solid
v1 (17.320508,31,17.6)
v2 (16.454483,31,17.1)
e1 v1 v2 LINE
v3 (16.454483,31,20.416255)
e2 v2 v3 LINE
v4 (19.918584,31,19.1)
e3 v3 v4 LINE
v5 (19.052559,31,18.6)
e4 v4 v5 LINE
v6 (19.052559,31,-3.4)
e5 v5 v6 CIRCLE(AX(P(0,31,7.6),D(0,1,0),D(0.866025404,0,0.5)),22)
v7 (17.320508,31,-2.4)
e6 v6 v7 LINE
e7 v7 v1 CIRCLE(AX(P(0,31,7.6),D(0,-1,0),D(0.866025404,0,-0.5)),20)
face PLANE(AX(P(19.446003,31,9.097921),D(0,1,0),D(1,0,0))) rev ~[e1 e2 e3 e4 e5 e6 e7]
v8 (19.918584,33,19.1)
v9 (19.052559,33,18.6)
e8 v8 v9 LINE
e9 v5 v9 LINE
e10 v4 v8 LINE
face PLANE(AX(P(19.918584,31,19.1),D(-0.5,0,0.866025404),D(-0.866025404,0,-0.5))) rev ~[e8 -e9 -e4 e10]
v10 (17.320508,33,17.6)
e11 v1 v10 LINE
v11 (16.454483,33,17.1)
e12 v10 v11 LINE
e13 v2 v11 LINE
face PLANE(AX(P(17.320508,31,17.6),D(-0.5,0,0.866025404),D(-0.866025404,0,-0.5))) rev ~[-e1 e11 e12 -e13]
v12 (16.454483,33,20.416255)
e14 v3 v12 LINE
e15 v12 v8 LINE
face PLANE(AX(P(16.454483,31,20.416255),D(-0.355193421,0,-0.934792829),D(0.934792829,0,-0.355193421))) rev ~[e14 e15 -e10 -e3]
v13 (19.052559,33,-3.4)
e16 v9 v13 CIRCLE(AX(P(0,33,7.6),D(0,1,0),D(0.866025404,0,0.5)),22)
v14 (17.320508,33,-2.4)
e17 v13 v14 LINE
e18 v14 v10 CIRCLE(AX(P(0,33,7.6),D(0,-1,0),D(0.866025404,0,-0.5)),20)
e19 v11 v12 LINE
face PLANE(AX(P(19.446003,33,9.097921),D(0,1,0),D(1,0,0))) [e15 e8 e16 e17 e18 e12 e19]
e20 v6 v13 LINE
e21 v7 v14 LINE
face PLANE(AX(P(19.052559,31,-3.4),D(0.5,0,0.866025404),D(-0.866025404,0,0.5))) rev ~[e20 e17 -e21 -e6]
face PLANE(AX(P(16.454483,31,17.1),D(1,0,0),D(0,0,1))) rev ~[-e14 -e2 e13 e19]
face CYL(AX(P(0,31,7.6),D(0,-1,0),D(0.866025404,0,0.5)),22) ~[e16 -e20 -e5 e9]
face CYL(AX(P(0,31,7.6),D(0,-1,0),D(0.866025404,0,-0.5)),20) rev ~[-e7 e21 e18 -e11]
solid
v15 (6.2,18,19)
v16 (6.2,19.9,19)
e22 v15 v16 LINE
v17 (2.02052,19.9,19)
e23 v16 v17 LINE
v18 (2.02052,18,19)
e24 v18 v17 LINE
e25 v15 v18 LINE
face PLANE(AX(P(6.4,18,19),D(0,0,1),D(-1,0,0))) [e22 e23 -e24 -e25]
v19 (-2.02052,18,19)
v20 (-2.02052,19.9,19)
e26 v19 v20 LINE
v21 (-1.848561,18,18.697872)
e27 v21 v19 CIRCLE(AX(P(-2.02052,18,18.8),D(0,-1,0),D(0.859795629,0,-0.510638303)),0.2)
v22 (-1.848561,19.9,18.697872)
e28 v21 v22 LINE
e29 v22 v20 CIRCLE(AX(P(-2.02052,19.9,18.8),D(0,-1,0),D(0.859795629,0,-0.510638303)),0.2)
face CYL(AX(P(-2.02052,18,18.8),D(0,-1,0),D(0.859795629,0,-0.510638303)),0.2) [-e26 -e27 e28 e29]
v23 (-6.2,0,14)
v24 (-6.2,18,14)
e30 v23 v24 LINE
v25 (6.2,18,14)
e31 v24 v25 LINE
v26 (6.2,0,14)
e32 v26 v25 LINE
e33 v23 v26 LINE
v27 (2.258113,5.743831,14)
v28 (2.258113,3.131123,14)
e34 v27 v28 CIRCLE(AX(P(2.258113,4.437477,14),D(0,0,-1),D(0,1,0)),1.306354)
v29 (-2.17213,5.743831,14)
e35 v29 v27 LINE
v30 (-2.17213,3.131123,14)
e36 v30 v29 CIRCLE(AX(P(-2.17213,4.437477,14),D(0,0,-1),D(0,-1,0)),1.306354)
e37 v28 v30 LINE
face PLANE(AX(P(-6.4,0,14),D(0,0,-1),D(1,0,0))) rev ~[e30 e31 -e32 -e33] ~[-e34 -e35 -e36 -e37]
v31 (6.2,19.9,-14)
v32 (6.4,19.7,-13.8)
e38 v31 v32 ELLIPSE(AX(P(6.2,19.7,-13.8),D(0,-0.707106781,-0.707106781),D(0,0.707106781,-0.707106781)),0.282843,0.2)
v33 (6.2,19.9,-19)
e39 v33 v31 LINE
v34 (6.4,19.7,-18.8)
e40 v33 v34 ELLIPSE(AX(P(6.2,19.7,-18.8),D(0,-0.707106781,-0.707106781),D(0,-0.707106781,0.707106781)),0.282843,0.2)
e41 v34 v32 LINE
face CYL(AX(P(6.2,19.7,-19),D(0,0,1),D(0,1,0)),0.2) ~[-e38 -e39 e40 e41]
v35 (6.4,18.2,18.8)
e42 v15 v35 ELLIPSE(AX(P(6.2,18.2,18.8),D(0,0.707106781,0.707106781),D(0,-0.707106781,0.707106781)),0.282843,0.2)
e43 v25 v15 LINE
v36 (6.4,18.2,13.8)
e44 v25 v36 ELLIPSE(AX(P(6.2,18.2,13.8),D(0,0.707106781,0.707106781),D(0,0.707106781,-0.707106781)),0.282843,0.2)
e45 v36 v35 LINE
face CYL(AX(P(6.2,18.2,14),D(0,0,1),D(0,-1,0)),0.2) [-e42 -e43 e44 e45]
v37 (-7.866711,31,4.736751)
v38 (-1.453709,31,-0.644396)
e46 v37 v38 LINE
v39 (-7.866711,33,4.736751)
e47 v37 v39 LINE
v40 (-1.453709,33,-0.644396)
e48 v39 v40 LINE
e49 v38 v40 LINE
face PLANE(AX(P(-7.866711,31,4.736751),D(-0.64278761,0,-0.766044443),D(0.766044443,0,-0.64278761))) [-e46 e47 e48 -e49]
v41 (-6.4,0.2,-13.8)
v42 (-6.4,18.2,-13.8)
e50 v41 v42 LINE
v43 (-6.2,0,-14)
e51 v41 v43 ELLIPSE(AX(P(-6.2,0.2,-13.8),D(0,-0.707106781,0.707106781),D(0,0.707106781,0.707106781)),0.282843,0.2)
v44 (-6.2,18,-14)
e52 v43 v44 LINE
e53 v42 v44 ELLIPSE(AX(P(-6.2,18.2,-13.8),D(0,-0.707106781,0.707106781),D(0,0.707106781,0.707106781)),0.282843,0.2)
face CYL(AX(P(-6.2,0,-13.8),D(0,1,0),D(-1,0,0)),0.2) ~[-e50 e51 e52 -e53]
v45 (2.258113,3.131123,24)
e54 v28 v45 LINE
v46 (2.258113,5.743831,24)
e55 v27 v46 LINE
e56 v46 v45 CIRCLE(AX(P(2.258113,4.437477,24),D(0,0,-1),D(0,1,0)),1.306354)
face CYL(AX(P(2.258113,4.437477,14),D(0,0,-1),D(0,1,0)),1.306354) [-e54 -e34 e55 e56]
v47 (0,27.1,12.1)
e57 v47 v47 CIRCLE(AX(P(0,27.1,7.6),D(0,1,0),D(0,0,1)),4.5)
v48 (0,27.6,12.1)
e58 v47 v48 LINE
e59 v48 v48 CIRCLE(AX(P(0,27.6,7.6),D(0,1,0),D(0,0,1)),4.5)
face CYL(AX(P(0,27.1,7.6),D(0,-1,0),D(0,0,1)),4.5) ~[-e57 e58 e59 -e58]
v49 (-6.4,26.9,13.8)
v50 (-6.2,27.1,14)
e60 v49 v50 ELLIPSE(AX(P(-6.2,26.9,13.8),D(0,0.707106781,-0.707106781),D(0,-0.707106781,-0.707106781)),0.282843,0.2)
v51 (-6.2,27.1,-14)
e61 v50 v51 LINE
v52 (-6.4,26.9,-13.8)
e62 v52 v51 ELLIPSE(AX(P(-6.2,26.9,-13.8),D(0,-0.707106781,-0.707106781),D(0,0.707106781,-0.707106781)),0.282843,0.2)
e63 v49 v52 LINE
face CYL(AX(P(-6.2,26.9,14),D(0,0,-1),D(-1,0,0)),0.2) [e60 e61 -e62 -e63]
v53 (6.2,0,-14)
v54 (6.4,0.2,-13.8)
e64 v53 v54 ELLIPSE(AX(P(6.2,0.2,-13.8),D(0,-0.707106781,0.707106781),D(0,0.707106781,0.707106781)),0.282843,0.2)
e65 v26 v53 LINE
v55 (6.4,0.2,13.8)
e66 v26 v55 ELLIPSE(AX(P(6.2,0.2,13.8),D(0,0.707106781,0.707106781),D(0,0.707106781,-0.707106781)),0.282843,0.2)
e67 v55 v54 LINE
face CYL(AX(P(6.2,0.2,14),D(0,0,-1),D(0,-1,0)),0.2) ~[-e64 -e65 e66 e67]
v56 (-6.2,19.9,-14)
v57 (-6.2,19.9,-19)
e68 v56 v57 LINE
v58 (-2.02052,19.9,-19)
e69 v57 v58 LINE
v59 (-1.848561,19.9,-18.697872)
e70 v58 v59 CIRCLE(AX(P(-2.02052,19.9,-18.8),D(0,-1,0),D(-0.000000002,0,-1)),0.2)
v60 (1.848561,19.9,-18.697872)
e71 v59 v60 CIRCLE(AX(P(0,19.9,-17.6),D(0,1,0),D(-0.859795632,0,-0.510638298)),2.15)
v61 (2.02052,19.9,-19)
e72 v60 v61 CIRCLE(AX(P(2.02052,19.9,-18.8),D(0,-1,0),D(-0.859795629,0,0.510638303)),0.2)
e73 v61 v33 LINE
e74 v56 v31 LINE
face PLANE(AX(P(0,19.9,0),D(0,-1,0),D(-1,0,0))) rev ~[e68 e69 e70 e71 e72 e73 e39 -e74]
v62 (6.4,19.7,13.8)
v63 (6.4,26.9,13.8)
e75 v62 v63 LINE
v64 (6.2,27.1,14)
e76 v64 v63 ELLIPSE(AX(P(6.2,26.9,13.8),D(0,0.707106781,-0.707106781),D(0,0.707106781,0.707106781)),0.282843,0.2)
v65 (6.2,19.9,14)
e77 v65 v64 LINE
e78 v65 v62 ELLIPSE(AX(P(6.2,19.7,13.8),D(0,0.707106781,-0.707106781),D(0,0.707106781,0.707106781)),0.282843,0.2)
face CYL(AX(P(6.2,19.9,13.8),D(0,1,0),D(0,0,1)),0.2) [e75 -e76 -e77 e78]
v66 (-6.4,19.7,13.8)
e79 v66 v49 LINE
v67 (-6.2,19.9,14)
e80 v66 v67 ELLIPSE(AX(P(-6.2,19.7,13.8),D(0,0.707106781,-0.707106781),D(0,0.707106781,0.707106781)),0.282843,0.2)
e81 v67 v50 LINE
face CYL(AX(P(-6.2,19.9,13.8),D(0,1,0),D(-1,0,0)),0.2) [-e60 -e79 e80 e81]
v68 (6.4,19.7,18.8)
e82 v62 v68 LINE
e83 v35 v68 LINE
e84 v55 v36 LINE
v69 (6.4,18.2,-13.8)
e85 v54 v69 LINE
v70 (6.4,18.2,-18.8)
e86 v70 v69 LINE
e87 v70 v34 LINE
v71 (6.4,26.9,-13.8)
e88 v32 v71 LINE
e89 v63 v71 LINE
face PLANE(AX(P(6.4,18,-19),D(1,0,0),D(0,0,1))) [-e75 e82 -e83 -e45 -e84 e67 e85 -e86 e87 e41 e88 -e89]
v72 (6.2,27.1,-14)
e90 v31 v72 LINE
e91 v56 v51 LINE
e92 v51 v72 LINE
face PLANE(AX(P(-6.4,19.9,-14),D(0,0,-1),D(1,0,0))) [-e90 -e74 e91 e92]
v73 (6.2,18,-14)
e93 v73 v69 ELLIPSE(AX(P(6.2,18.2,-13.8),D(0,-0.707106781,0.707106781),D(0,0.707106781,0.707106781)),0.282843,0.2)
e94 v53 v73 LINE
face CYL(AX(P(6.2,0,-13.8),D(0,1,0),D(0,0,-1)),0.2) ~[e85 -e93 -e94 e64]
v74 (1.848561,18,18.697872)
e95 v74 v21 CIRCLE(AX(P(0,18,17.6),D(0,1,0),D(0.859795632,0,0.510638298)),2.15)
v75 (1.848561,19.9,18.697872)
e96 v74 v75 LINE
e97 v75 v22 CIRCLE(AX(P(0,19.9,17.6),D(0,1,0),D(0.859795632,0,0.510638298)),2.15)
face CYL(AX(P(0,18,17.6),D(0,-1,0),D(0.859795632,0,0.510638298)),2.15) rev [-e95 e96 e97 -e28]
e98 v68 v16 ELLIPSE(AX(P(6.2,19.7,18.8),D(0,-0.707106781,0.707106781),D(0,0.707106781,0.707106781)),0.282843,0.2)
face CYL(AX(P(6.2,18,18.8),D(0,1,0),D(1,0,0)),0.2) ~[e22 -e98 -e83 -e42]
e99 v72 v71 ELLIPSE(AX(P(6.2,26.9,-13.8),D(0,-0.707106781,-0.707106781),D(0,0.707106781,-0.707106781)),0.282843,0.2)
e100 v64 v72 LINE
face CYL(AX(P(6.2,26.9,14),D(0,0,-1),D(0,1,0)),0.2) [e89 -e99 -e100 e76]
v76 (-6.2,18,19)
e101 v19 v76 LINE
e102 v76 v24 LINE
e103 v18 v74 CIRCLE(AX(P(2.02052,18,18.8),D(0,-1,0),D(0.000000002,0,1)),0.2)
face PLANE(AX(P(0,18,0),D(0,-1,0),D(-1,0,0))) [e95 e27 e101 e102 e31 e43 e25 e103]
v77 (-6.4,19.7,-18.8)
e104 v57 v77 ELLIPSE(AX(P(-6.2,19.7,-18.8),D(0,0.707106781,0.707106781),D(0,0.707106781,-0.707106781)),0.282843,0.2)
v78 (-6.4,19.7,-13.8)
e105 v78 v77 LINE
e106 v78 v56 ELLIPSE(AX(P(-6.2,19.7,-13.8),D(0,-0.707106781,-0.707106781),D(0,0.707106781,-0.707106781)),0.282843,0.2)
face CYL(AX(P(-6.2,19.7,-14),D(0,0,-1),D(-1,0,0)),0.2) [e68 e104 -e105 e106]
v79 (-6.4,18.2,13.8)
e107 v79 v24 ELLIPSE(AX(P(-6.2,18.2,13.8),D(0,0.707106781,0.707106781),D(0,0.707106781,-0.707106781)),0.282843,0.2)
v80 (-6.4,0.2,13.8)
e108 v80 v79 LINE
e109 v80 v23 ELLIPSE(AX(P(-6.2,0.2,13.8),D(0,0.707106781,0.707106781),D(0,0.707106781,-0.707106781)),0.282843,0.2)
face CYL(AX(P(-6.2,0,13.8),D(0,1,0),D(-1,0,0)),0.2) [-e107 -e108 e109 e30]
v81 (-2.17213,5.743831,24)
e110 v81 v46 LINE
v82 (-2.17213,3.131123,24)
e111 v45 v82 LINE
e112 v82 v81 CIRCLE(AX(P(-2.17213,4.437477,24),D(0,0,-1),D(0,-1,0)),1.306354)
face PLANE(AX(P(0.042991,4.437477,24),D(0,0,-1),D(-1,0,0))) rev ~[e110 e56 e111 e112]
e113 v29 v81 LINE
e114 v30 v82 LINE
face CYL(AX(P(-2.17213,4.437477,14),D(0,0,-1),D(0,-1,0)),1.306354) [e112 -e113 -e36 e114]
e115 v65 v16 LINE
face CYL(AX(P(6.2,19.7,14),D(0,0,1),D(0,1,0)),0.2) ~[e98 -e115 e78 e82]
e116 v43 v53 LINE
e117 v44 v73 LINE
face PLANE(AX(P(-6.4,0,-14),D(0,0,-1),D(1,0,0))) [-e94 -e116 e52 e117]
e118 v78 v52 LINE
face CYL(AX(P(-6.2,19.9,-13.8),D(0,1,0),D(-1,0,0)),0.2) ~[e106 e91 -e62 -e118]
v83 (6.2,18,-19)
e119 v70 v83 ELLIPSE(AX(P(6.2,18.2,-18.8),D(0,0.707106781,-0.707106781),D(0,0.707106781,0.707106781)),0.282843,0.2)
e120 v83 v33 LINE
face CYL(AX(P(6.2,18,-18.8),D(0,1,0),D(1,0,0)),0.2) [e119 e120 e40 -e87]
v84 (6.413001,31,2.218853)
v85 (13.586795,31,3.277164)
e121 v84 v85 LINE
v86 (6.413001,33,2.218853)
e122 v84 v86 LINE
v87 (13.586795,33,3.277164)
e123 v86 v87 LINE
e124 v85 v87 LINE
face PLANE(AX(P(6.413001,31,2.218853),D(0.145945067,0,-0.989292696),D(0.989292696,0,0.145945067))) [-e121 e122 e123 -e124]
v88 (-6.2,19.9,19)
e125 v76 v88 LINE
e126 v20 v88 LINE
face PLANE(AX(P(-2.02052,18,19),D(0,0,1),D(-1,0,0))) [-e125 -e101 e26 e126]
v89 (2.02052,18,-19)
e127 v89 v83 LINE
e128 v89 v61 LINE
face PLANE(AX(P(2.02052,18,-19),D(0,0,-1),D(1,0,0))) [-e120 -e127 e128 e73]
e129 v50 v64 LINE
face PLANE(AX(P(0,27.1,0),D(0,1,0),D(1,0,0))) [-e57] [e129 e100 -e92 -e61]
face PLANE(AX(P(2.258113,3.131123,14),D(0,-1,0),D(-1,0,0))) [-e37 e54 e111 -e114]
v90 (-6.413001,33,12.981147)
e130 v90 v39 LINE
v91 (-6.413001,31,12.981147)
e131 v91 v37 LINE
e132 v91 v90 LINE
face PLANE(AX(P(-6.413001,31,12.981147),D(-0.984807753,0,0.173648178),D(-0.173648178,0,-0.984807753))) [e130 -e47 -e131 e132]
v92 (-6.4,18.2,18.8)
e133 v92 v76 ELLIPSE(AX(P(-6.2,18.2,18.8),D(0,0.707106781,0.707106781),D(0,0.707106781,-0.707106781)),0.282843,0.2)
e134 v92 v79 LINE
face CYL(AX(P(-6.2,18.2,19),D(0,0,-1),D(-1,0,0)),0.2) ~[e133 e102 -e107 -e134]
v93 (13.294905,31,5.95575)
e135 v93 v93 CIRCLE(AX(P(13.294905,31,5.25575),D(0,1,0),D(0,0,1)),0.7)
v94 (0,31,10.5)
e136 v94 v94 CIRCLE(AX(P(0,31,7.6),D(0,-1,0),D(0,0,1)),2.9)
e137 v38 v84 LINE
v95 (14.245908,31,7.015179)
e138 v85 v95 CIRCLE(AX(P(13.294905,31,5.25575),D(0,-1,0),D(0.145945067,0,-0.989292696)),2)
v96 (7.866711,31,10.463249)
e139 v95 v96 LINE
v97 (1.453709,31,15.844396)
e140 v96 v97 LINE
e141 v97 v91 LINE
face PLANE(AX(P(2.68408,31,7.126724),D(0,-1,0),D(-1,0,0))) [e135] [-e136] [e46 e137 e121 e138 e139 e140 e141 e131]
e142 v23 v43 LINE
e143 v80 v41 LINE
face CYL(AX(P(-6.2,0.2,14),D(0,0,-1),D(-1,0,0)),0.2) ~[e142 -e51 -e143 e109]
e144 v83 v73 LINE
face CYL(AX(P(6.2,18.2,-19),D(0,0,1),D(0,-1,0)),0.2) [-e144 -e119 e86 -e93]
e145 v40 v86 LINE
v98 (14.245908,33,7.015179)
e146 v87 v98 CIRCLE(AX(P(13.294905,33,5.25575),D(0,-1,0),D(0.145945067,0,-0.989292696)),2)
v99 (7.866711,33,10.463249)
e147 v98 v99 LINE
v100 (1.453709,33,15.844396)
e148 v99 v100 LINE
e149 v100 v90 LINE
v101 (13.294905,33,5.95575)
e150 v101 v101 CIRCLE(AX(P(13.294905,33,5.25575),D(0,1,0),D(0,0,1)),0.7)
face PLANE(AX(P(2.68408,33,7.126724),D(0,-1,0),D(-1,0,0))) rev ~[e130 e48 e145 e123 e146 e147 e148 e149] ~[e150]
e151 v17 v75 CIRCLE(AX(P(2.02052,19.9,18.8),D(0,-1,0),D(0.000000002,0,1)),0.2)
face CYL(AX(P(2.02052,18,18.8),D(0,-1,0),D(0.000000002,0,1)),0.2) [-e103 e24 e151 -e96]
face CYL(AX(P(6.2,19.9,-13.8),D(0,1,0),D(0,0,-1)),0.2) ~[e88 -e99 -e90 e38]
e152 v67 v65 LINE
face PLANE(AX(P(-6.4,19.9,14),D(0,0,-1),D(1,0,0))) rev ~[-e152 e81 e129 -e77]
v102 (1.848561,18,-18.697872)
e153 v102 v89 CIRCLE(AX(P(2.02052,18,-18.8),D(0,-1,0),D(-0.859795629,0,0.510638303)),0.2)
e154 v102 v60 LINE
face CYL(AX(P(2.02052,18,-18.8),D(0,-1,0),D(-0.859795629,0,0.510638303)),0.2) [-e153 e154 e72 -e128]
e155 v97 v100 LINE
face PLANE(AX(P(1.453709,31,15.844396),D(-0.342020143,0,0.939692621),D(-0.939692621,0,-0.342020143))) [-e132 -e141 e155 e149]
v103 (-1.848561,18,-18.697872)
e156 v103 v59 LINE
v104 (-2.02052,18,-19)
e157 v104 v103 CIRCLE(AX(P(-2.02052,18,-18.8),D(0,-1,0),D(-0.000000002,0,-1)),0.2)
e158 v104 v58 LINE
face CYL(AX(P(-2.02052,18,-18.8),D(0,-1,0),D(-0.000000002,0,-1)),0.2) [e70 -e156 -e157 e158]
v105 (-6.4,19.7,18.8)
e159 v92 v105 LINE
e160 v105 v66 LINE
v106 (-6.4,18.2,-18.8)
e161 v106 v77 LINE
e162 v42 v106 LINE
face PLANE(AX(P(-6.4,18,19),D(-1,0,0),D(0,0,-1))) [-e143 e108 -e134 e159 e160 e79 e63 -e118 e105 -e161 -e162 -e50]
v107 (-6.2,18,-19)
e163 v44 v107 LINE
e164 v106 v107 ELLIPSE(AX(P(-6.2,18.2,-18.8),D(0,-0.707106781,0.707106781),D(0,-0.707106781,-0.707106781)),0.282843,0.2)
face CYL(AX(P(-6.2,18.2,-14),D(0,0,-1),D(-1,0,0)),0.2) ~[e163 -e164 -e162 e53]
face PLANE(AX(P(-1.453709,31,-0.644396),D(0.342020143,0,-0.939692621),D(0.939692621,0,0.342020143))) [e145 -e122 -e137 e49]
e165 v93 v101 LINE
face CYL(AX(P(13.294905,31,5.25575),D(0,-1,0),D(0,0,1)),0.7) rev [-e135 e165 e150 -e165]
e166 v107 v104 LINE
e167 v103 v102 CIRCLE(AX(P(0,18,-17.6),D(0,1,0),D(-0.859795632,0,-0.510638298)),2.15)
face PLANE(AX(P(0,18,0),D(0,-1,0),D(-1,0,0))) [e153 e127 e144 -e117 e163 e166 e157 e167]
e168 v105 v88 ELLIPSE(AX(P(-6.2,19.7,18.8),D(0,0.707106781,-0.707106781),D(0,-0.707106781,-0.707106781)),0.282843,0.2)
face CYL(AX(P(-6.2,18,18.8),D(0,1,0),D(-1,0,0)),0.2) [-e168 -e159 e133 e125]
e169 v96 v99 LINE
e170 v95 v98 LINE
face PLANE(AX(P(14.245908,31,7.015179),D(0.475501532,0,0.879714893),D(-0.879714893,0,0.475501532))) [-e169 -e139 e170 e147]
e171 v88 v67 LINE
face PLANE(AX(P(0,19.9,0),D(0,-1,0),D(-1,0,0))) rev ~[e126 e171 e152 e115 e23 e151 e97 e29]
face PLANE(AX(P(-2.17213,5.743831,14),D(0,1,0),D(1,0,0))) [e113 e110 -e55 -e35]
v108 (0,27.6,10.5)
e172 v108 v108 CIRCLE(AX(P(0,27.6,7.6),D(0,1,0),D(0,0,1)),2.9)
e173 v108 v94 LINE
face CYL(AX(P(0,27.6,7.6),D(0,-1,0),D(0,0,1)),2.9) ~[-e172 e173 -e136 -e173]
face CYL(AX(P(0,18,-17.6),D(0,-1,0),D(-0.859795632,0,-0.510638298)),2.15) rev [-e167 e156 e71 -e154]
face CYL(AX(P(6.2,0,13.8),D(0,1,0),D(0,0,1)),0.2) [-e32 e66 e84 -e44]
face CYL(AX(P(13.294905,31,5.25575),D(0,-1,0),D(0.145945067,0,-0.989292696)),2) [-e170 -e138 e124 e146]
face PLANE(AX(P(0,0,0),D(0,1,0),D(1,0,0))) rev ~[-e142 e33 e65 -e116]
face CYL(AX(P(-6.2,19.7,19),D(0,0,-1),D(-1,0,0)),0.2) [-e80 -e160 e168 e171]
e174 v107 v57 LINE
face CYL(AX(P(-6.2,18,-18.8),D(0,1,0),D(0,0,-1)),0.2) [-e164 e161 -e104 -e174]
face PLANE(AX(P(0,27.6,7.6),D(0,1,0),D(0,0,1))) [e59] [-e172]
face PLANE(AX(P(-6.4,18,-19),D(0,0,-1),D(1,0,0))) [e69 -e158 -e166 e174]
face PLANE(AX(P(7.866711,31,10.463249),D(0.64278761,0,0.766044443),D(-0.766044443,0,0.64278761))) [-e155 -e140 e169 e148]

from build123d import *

# Parameters (mm, degrees)
SKETCH_1_W      = 12.8
SKETCH_1_H      = 28
EXTRUDE_1_DEPTH = 18
EXTRUDE_2_DEPTH = 1.9
SKETCH_3_W      = 12.8
SKETCH_3_H      = 28
EXTRUDE_3_DEPTH = 7.2
SKETCH_4_R      = 4.5
EXTRUDE_4_DEPTH = 0.5
SKETCH_5_R      = 2.9
EXTRUDE_5_DEPTH = 3.9
FILLET_1_R      = 0.2
EXTRUDE_6_DEPTH = 10
SKETCH_7_R      = 0.7
EXTRUDE_7_DEPTH = 2


with BuildPart() as part:
    # 草图1 → 凸台-拉伸1 (new body)
    with BuildSketch(Plane(origin=(0, 0, 0), x_dir=(1, 0, 0), z_dir=(0, 1, 0))):
        Rectangle(SKETCH_1_W, SKETCH_1_H)
    extrude(amount=EXTRUDE_1_DEPTH)

    # 草图2 → 凸台-拉伸2 (add)
    with BuildSketch(Plane(origin=(0, 18, 0), x_dir=(1, 0, 0), z_dir=(0, 1, 0))):
        with BuildLine():
            Line((-6.4, 19), (-2.020519735, 19))
            ThreePointArc((-2.020519735, 19), (-1.846701537, 18.898930451), (-1.848560609, 18.69787234))
            ThreePointArc((-1.848560609, 18.69787234), (0, 15.45), (1.848560609, 18.69787234))
            ThreePointArc((1.848560609, 18.69787234), (1.846701537, 18.898930451), (2.020519735, 19))
            Line((2.020519735, 19), (6.4, 19))
            Line((6.4, 19), (6.4, -19))
            Line((6.4, -19), (2.020519735, -19))
            ThreePointArc((2.020519735, -19), (1.846701537, -18.898930451), (1.848560609, -18.69787234))
            ThreePointArc((1.848560609, -18.69787234), (0, -15.45), (-1.848560609, -18.69787234))
            ThreePointArc((-1.848560609, -18.69787234), (-1.846701537, -18.898930451), (-2.020519735, -19))
            Line((-2.020519735, -19), (-6.4, -19))
            Line((-6.4, -19), (-6.4, 19))
        make_face()
    extrude(amount=EXTRUDE_2_DEPTH)

    # 草图3 → 凸台-拉伸3 (add)
    with BuildSketch(Plane(origin=(0, 19.9, 0), x_dir=(1, 0, 0), z_dir=(0, 1, 0))):
        Rectangle(SKETCH_3_W, SKETCH_3_H)
    extrude(amount=EXTRUDE_3_DEPTH)

    # 草图4 → 凸台-拉伸4 (add)
    with BuildSketch(Plane(origin=(0, 27.1, 0), x_dir=(1, 0, 0), z_dir=(0, 1, 0))):
        with Locations(Location((0, -7.6, 0), (0, 0, 270))):
            Circle(SKETCH_4_R)
    extrude(amount=EXTRUDE_4_DEPTH)

    # 草图5 → 凸台-拉伸5 (add)
    with BuildSketch(Plane(origin=(0, 27.6, 0), x_dir=(1, 0, 0), z_dir=(0, 1, 0))):
        with Locations(Location((0, -7.6, 0), (0, 0, 270))):
            Circle(SKETCH_5_R)
    extrude(amount=EXTRUDE_5_DEPTH)

    # 圆角1
    fillet_1_edges = [part.edges().sort_by_distance(p)[0] for p in [
        (6.4, 9, 14),
        (6.4, 18, 16.5),
        (6.4, 18.95, 19),
        (6.4, 19.9, 16.5),
        (6.4, 23.5, 14),
        (6.4, 27.1, 0),
        (6.4, 23.5, -14),
        (6.4, 19.9, -16.5),
        (6.4, 18.95, -19),
        (6.4, 18, -16.5),
        (6.4, 9, -14),
        (6.4, 0, 0),
        (-6.4, 9, -14),
        (-6.4, 18, -16.5),
        (-6.4, 18.95, -19),
        (-6.4, 19.9, -16.5),
        (-6.4, 23.5, -14),
        (-6.4, 27.1, 0),
        (-6.4, 23.5, 14),
        (-6.4, 19.9, 16.5),
        (-6.4, 18.95, 19),
        (-6.4, 18, 16.5),
        (-6.4, 9, 14),
        (-6.4, 0, 0),
    ]]
    fillet(fillet_1_edges, radius=FILLET_1_R)

    # 草图6 → 凸台-拉伸6 (add)
    with BuildSketch(Plane.XY.offset(14)):
        with BuildLine():
            Line((-2.17212992, 5.7438306), (2.258112685, 5.7438306))
            ThreePointArc((2.258112685, 5.7438306), (3.564466274, 4.437477011), (2.258112685, 3.131123422))
            Line((2.258112685, 3.131123422), (-2.17212992, 3.131123422))
            ThreePointArc((-2.17212992, 3.131123422), (-3.478483509, 4.437477011), (-2.17212992, 5.7438306))
        make_face()
    extrude(amount=EXTRUDE_6_DEPTH)

    # 草图7 → 凸台-拉伸7 (add)
    # profile 1 of 2: a face of its own
    with BuildSketch(Plane(origin=(0, 31, 0), x_dir=(1, 0, 0), z_dir=(0, 1, 0))):
        with BuildLine():
            Line((6.413001499, -2.218852807), (13.586794799, -3.27716421))
            ThreePointArc((13.586794799, -3.27716421), (15.264520172, -4.908453246), (14.245907729, -7.015179388))
            Line((14.245907729, -7.015179388), (7.86671092, -10.463248616))
            Line((7.86671092, -10.463248616), (1.453709421, -15.844395809))
            Line((1.453709421, -15.844395809), (-6.413001499, -12.981147193))
            Line((-6.413001499, -12.981147193), (-7.86671092, -4.736751384))
            Line((-7.86671092, -4.736751384), (-1.453709421, 0.644395809))
            Line((-1.453709421, 0.644395809), (6.413001499, -2.218852807))
        make_face()
        with Locations(Location((13.294904666, -5.255749601, 0), (0, 0, 270))):
            Circle(SKETCH_7_R, mode=Mode.SUBTRACT)
    # profile 2 of 2: a face of its own
    with BuildSketch(Plane(origin=(0, 31, 0), x_dir=(1, 0, 0), z_dir=(0, 1, 0))):
        with BuildLine():
            Line((16.454482672, -17.1), (16.454482672, -20.416255395))
            Line((16.454482672, -20.416255395), (19.918584287, -19.1))
            Line((19.918584287, -19.1), (19.052558883, -18.6))
            ThreePointArc((19.052558883, -18.6), (22, -7.6), (19.052558883, 3.4))
            Line((19.052558883, 3.4), (17.320508076, 2.4))
            ThreePointArc((17.320508076, 2.4), (20, -7.6), (17.320508076, -17.6))
            Line((17.320508076, -17.6), (16.454482672, -17.1))
        make_face()
    extrude(amount=EXTRUDE_7_DEPTH)


with BuildPart() as extrude_7_piece_1:
    # of the separate pieces the step leaves, piece 1, a body of its own (extrude_7_pieces)
    add(part.part.solids().sort_by_distance((6.2, 18, 19))[0])


with BuildPart() as extrude_7_piece_2:
    # of the separate pieces the step leaves, piece 2, a body of its own (extrude_7_pieces)
    add(part.part.solids().sort_by_distance((17.320508076, 31, 17.6))[0])


solid = Compound([extrude_7_piece_1.part, extrude_7_piece_2.part])
